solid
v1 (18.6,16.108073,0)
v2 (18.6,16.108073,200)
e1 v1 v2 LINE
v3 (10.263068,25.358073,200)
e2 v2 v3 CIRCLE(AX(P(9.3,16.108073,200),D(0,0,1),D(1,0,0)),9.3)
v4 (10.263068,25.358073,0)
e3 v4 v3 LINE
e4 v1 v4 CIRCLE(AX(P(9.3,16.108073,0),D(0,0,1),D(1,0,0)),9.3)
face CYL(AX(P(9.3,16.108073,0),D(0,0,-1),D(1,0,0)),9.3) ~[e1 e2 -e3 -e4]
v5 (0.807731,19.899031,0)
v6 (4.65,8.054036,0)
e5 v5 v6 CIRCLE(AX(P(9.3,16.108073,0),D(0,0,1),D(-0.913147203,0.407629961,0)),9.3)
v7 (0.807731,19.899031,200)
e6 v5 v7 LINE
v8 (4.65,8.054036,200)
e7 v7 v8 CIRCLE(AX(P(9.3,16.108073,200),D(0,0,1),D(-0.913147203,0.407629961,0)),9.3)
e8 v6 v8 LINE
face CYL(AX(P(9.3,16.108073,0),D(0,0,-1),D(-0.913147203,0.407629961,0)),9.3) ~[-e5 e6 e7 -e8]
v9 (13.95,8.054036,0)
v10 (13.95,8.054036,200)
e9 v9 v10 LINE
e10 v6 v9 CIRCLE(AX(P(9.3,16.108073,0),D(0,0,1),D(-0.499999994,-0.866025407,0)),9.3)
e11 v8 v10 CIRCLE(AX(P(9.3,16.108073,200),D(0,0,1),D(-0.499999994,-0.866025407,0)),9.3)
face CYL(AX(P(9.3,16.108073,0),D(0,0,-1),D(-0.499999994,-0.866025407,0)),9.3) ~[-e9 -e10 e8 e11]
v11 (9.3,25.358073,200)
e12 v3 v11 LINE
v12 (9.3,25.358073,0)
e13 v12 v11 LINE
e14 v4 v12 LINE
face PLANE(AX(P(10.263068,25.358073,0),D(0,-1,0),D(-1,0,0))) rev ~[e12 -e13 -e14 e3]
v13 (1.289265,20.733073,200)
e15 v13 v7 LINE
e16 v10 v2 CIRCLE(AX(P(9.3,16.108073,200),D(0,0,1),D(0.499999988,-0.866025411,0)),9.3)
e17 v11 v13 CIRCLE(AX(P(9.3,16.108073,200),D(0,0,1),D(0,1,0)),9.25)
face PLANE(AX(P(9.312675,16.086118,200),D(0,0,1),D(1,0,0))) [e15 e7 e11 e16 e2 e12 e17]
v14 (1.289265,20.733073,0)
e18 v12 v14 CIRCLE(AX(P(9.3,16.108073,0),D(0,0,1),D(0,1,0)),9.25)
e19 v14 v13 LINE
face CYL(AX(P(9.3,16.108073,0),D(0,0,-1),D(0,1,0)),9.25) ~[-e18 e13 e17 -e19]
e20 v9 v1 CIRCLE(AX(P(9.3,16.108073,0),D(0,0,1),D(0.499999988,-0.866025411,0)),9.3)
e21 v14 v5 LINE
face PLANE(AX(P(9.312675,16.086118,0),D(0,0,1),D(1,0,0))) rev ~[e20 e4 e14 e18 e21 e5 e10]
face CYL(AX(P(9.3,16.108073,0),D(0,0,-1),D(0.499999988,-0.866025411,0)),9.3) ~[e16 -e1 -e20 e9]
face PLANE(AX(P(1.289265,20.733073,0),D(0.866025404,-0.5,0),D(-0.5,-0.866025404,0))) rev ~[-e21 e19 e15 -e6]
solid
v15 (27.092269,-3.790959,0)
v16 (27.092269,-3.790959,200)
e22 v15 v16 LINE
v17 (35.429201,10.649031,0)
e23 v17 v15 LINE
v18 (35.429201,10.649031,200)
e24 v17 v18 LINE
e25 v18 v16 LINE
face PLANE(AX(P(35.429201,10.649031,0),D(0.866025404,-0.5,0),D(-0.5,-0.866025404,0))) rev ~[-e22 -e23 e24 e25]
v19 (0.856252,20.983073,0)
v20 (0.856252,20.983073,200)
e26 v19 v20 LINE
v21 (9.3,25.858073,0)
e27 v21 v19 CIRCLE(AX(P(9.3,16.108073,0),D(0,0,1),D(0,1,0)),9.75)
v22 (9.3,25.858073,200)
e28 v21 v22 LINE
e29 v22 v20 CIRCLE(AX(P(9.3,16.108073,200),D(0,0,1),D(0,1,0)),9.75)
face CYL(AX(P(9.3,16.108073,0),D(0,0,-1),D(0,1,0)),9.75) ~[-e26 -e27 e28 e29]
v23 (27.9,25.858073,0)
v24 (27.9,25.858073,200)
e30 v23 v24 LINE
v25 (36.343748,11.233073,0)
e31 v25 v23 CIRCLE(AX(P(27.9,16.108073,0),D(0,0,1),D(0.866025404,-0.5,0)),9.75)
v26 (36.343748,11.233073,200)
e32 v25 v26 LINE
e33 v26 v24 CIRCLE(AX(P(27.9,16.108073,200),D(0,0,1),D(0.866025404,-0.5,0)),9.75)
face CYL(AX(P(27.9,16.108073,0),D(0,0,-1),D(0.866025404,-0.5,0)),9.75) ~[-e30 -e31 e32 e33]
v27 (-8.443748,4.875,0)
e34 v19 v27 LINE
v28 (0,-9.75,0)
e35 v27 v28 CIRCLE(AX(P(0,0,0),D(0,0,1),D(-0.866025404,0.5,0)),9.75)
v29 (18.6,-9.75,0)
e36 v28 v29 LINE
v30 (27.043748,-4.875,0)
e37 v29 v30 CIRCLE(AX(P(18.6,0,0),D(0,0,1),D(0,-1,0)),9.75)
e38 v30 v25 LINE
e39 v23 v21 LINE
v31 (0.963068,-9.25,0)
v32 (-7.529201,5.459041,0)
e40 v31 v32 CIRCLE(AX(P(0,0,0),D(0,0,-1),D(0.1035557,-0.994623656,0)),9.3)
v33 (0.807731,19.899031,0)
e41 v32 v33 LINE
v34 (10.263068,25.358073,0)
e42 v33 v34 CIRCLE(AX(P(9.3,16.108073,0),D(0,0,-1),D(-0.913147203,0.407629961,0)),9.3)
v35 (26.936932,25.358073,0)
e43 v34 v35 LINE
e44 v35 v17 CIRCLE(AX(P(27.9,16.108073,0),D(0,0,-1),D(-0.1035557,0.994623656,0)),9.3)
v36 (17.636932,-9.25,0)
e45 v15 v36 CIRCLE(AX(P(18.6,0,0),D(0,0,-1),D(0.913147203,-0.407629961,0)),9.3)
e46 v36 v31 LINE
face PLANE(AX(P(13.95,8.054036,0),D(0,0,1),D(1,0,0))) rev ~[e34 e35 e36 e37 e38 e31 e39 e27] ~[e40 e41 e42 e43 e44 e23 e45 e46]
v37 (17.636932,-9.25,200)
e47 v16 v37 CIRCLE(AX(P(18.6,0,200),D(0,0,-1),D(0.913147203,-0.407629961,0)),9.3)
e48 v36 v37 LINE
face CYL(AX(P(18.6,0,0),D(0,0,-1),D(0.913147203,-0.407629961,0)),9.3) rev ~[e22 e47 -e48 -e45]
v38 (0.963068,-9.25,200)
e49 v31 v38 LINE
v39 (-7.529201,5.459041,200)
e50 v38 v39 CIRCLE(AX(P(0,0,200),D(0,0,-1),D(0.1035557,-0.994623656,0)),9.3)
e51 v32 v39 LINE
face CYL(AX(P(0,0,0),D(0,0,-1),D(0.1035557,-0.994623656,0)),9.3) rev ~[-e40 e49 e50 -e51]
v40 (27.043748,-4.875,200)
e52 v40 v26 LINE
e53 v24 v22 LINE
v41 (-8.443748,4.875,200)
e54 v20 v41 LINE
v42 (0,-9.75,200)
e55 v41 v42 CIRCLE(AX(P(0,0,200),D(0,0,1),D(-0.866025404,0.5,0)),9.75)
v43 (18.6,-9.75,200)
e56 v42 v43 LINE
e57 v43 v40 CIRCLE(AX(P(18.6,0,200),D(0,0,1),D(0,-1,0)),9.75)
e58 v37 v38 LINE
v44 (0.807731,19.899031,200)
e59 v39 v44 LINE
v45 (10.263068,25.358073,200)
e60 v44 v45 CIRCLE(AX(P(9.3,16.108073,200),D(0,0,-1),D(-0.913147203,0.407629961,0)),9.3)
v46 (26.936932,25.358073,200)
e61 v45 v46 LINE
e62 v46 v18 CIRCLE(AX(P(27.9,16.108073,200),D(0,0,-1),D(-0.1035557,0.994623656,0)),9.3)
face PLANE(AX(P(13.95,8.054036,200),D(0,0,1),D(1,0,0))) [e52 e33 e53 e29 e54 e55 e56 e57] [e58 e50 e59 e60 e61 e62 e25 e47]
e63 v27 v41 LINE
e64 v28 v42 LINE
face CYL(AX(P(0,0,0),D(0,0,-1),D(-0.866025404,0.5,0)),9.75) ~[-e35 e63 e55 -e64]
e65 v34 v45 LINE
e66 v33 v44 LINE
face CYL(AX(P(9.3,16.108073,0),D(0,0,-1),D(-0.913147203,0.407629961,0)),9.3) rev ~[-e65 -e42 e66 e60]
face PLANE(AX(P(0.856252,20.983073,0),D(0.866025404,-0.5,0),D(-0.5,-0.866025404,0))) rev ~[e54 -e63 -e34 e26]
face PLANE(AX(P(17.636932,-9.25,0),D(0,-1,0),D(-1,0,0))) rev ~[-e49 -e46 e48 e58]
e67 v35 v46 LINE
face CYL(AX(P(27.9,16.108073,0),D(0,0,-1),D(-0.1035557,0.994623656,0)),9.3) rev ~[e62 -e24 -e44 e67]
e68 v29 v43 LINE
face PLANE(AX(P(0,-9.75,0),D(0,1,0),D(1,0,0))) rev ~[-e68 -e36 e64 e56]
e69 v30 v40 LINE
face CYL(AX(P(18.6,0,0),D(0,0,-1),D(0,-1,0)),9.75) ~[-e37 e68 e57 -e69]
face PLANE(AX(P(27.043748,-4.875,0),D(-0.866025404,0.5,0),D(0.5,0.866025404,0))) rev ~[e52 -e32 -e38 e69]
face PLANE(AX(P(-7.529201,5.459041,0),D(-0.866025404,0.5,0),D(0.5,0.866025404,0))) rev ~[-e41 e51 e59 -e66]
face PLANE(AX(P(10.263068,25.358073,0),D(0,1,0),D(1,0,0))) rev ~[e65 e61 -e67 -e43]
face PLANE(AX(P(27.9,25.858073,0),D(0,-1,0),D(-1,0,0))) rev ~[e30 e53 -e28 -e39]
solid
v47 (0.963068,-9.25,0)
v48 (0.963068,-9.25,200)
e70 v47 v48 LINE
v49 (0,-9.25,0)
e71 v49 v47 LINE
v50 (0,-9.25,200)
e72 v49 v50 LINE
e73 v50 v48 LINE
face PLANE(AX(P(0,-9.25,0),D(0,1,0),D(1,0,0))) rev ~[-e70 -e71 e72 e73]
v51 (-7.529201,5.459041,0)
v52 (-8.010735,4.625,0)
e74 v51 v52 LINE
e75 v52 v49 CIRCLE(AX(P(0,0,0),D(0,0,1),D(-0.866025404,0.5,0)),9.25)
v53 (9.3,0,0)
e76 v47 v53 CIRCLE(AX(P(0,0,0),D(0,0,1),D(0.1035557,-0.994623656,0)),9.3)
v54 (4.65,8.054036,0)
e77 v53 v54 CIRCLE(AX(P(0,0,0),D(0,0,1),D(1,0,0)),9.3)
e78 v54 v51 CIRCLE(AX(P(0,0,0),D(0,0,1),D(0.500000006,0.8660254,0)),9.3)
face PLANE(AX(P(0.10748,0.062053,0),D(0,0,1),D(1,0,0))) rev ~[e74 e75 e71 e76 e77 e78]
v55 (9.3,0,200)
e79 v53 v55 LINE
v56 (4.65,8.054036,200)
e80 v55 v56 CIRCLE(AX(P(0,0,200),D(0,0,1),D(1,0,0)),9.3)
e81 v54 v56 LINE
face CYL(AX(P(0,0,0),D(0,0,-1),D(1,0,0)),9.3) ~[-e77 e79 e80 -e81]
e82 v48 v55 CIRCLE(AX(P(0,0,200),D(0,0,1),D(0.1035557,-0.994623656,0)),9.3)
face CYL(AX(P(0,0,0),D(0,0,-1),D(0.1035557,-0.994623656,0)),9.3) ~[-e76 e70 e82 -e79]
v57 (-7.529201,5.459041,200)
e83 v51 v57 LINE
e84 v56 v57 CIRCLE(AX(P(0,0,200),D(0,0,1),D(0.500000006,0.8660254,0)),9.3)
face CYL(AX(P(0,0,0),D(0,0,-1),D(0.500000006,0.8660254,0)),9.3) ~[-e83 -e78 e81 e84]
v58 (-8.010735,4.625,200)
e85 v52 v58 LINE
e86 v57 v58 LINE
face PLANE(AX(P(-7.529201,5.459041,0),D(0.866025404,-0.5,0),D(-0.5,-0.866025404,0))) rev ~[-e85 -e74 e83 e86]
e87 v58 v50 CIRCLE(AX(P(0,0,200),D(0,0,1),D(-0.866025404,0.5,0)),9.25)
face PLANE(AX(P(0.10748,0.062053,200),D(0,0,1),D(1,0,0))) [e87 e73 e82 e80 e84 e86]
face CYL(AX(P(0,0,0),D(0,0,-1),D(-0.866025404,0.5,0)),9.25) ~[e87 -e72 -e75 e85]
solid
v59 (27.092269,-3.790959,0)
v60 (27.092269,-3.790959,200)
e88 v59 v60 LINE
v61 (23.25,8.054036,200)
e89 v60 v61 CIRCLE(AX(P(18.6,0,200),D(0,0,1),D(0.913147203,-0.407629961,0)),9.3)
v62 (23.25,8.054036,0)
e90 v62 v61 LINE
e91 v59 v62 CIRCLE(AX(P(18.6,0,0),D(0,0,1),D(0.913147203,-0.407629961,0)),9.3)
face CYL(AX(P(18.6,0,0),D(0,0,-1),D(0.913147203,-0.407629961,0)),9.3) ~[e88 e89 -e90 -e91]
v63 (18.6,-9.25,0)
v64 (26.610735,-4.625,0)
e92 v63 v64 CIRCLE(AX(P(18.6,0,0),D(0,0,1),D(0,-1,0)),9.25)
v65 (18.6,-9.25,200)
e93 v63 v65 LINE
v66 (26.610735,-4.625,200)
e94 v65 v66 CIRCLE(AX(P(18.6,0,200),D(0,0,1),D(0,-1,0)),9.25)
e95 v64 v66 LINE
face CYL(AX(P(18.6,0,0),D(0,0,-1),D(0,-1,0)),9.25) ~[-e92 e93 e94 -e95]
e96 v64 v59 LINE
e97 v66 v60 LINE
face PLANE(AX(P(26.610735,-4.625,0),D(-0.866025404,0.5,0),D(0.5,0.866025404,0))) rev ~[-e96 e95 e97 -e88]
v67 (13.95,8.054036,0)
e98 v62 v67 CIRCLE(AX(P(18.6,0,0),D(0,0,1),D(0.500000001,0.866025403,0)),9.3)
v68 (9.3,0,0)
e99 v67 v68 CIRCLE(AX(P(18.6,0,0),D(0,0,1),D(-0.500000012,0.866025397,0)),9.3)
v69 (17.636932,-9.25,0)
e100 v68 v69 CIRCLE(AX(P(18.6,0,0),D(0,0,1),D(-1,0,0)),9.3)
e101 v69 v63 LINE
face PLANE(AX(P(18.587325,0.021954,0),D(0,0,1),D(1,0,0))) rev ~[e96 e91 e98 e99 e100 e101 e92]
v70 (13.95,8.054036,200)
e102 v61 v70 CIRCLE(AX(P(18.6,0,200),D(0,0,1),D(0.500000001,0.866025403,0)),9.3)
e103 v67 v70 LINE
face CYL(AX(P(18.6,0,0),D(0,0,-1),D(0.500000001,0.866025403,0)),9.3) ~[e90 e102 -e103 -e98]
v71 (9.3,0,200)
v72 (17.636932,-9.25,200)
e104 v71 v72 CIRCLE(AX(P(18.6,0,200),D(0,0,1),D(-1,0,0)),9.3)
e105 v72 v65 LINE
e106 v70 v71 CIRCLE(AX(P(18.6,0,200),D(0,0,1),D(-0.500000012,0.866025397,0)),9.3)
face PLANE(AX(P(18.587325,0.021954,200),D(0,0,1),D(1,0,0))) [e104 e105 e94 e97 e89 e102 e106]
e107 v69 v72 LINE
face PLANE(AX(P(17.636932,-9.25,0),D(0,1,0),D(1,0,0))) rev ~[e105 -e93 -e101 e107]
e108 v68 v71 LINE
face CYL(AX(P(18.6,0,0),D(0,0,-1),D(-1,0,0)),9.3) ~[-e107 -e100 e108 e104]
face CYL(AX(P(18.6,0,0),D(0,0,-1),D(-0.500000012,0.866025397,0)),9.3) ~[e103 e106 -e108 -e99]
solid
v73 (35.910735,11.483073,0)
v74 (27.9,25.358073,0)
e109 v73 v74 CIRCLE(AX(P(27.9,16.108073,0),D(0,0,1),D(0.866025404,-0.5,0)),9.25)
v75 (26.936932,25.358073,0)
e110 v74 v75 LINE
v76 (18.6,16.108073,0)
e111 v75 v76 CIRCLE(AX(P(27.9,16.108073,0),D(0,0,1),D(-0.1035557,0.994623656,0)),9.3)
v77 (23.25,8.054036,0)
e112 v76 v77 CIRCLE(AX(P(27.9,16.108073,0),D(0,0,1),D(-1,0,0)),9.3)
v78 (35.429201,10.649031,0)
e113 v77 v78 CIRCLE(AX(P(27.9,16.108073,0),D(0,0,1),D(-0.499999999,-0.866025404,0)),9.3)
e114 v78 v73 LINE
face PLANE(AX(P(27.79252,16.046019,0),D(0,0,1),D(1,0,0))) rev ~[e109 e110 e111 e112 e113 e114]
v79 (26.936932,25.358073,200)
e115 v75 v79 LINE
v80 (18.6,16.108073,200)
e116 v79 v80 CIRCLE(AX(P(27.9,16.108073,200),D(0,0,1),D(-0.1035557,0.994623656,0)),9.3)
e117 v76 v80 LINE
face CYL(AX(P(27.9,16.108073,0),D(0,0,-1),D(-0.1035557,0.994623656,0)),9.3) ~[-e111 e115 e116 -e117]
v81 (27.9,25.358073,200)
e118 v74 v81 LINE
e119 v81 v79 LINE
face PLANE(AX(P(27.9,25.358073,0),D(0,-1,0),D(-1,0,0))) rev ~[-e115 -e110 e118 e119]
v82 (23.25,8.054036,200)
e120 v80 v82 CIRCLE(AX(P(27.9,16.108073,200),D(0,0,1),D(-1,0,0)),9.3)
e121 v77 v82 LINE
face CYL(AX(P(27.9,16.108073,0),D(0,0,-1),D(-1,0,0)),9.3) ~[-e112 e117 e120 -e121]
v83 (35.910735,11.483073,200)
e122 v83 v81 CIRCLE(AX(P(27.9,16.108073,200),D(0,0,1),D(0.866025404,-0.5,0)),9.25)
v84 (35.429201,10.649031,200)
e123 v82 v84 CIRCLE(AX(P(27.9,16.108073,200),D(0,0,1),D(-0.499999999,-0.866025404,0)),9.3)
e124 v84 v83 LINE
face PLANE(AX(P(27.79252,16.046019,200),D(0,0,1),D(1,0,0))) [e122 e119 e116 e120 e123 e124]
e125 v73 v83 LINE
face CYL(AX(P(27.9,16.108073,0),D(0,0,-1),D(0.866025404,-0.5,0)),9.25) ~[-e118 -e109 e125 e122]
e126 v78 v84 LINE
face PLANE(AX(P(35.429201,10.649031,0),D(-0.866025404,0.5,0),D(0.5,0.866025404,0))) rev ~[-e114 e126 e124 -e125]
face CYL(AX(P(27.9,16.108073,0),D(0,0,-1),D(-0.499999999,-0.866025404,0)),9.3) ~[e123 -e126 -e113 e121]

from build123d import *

# Parameters (mm, degrees)
EXTRUDE_1_DEPTH = 200


with BuildPart() as part:
    # Эскиз1 → Бобышка-Вытянуть1 (new body)
    with BuildSketch(Plane.XY):
        with BuildLine():
            Line((27.9, 25.85807251), (9.3, 25.85807251))
            ThreePointArc((9.3, 25.85807251), (4.425, 24.551820197), (0.856252313, 20.98307251))
            Line((0.856252313, 20.98307251), (-8.443747687, 4.875))
            ThreePointArc((-8.443747687, 4.875), (-8.443747687, -4.875), (0, -9.75))
            Line((0, -9.75), (18.6, -9.75))
            ThreePointArc((18.6, -9.75), (23.475, -8.443747687), (27.043747687, -4.875))
            Line((27.043747687, -4.875), (36.343747687, 11.23307251))
            ThreePointArc((36.343747687, 11.23307251), (36.343747687, 20.98307251), (27.9, 25.85807251))
        make_face()
        with BuildLine():
            ThreePointArc((0.807731008, 19.899031145), (4.65, 24.162108766), (10.263068014, 25.35807251))
            Line((10.263068014, 25.35807251), (26.936931986, 25.35807251))
            ThreePointArc((26.936931986, 25.35807251), (35.954036255, 20.75807251), (35.429200978, 10.649031145))
            Line((35.429200978, 10.649031145), (27.092268992, -3.790958634))
            ThreePointArc((27.092268992, -3.790958634), (23.25, -8.054036255), (17.636931986, -9.25))
            Line((17.636931986, -9.25), (0.963068014, -9.25))
            ThreePointArc((0.963068014, -9.25), (-8.054036255, -4.65), (-7.529200978, 5.459041366))
            Line((-7.529200978, 5.459041366), (0.807731008, 19.899031145))
        make_face(mode=Mode.SUBTRACT)
        with BuildLine():
            ThreePointArc((4.650000055, 8.054036223), (-1.938027107, 9.095826017), (-7.529200978, 5.459041366))
            Line((-7.529200978, 5.459041366), (-8.010734985, 4.625))
            ThreePointArc((-8.010734985, 4.625), (-8.010734985, -4.625), (0, -9.25))
            Line((0, -9.25), (0.963068014, -9.25))
            ThreePointArc((0.963068014, -9.25), (6.908202825, -6.22629374), (9.3, 0))
            ThreePointArc((9.3, 0), (8.054036271, 4.649999972), (4.650000055, 8.054036223))
        make_face()
        with BuildLine():
            ThreePointArc((23.250000012, 8.054036248), (18.599999943, 9.3), (13.949999888, 8.054036191))
            ThreePointArc((13.949999888, 8.054036191), (10.545963713, 4.649999944), (9.3, 0))
            ThreePointArc((9.3, 0), (11.691797175, -6.22629374), (17.636931986, -9.25))
            Line((17.636931986, -9.25), (18.6, -9.25))
            ThreePointArc((18.6, -9.25), (23.225, -8.010734985), (26.610734985, -4.625))
            Line((26.610734985, -4.625), (27.092268992, -3.790958634))
            ThreePointArc((27.092268992, -3.790958634), (27.446229965, 2.869532264), (23.250000012, 8.054036248))
        make_face()
        with BuildLine():
            Line((27.9, 25.35807251), (26.936931986, 25.35807251))
            ThreePointArc((26.936931986, 25.35807251), (20.991797175, 22.33436625), (18.6, 16.10807251))
            ThreePointArc((18.6, 16.10807251), (19.845963748, 11.458072504), (23.250000012, 8.054036248))
            ThreePointArc((23.250000012, 8.054036248), (29.838027145, 7.012246501), (35.429200978, 10.649031145))
            Line((35.429200978, 10.649031145), (35.910734985, 11.48307251))
            ThreePointArc((35.910734985, 11.48307251), (35.910734985, 20.73307251), (27.9, 25.35807251))
        make_face()
        with BuildLine():
            Line((10.263068014, 25.35807251), (9.3, 25.35807251))
            ThreePointArc((9.3, 25.35807251), (4.675, 24.118807495), (1.289265015, 20.73307251))
            Line((1.289265015, 20.73307251), (0.807731008, 19.899031145))
            ThreePointArc((0.807731008, 19.899031145), (0.453770047, 13.238540209), (4.650000055, 8.054036223))
            ThreePointArc((4.650000055, 8.054036223), (9.299999967, 6.80807251), (13.949999888, 8.054036191))
            ThreePointArc((13.949999888, 8.054036191), (17.354036223, 11.458072455), (18.6, 16.10807251))
            ThreePointArc((18.6, 16.10807251), (16.208202825, 22.33436625), (10.263068014, 25.35807251))
        make_face()
    extrude(amount=EXTRUDE_1_DEPTH)


solid = part.part
